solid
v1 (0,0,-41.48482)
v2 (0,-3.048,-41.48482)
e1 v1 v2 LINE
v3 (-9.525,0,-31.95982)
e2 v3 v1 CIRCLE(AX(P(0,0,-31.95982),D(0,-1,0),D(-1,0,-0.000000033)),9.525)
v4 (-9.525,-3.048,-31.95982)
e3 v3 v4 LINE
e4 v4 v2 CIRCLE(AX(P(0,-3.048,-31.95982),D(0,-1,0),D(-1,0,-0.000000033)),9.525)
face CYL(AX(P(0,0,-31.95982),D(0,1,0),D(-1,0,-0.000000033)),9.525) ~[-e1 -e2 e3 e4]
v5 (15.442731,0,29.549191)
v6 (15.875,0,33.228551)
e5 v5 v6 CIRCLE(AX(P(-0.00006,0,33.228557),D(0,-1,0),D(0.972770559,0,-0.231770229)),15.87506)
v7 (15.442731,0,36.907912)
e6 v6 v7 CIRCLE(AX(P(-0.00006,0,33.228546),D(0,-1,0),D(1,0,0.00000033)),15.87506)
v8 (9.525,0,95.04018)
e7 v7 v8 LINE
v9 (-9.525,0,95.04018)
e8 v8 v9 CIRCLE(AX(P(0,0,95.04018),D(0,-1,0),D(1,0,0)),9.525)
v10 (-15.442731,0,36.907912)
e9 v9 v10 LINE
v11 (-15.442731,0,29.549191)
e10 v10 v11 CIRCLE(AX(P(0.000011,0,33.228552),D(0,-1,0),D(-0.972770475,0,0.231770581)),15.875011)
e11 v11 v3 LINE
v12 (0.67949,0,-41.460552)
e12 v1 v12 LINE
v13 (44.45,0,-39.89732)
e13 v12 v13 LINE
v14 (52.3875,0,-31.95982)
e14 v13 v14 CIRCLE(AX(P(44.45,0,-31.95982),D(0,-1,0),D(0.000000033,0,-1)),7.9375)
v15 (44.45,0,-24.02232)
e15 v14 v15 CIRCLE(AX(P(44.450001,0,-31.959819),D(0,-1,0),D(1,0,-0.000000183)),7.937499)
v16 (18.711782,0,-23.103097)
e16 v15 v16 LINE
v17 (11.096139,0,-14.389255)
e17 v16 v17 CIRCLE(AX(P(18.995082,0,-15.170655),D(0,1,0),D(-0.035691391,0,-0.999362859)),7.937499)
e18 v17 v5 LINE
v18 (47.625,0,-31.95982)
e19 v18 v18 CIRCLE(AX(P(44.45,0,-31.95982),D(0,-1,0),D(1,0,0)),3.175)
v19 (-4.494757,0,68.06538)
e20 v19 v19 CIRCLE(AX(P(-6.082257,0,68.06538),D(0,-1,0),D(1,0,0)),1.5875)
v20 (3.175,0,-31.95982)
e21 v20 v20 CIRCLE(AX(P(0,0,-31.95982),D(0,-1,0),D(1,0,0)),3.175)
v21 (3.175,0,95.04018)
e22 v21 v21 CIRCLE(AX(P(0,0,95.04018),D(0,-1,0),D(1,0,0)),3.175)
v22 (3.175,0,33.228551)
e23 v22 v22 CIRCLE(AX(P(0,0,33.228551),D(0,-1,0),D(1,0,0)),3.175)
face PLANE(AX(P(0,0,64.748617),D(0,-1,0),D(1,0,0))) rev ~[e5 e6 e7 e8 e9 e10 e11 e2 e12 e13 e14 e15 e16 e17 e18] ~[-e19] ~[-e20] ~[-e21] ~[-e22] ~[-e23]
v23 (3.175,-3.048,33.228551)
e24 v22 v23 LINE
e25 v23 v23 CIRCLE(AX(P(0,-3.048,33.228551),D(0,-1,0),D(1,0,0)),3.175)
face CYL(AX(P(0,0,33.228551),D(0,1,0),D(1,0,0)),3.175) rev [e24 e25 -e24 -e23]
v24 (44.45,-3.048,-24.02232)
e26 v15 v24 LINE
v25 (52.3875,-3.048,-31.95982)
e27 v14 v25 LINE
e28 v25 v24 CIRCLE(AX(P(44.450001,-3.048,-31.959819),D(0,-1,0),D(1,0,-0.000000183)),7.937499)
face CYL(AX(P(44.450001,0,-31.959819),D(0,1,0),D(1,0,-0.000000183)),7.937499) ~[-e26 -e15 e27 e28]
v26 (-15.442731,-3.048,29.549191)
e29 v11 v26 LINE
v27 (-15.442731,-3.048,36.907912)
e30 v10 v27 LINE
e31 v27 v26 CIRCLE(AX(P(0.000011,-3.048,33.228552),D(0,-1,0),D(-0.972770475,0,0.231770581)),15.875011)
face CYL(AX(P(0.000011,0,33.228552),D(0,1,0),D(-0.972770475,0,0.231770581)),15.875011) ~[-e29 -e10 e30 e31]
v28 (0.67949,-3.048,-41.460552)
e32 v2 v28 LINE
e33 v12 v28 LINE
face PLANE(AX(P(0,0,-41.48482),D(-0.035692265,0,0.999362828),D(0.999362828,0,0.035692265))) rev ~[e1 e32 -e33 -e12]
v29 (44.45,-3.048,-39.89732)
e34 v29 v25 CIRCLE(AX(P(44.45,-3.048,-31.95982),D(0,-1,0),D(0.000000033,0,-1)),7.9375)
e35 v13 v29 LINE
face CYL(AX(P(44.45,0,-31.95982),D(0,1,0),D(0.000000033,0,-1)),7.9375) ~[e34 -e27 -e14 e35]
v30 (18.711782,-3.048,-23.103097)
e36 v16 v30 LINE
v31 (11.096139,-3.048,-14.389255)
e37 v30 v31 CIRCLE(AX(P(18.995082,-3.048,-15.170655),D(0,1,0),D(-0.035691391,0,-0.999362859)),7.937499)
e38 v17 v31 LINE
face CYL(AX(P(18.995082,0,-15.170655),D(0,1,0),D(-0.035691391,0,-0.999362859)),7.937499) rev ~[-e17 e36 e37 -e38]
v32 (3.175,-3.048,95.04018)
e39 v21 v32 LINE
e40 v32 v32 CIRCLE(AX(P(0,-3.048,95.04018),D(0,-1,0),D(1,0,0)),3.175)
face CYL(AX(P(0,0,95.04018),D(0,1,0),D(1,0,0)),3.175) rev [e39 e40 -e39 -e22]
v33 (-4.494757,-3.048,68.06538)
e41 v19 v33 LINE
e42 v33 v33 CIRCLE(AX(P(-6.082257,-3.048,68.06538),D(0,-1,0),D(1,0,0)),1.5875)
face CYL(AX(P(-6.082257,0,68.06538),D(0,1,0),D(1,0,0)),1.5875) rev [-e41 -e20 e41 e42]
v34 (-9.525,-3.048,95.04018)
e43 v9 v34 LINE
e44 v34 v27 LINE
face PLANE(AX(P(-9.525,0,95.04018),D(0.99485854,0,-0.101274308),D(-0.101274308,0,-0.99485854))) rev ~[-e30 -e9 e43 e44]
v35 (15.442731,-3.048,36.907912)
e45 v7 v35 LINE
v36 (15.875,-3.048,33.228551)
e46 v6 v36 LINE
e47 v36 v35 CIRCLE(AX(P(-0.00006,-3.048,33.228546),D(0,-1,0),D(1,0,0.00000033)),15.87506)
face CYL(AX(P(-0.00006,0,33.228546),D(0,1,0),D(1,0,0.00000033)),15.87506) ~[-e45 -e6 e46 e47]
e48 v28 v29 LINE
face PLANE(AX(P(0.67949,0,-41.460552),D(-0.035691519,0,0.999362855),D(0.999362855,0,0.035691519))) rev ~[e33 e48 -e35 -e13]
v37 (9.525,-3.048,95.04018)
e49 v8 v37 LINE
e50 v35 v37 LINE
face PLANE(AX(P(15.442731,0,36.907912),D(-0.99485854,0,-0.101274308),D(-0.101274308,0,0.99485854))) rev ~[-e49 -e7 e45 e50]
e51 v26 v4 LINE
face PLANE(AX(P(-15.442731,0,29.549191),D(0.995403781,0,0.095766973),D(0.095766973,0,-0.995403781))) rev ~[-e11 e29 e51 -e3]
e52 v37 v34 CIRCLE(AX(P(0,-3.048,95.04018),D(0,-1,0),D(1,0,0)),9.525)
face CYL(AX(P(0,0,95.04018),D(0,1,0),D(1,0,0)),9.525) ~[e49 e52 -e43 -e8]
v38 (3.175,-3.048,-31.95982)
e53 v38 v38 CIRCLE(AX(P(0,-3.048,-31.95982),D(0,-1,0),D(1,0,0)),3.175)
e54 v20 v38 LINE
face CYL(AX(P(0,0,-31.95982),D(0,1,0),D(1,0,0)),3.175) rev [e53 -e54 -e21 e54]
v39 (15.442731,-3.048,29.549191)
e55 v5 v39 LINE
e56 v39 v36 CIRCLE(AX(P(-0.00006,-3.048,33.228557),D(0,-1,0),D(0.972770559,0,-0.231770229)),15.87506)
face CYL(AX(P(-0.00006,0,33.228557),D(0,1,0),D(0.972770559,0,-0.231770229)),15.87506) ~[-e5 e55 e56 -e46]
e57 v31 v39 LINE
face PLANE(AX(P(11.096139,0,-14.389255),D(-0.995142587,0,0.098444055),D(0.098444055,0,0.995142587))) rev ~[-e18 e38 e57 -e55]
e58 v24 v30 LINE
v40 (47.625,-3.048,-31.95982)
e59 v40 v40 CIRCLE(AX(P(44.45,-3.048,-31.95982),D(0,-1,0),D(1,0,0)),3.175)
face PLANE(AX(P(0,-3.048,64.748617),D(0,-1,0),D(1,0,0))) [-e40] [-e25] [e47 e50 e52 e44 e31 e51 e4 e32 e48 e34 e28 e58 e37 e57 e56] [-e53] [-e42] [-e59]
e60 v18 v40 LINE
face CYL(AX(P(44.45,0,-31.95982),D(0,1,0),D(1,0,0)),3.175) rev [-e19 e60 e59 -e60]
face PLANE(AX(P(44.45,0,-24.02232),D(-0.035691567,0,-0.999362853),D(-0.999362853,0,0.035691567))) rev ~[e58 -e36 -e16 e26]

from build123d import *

# Parameters (mm, degrees)
F0_R     = 1.5875
F0_R_2   = 3.175
F1_DEPTH = 3.048


with BuildPart() as f1:
    # F0 (on Front) → F1 (new body)
    with BuildSketch(Plane.XZ):
        with BuildLine():
            Line((15.442731, 36.907912), (9.525, 95.04018))
            ThreePointArc((9.525, 95.04018), (0, 85.51518), (-9.525, 95.04018))
            Line((-9.525, 95.04018), (-15.442731, 36.907912))
            ThreePointArc((-15.442731, 36.907912), (0, 49.103551), (15.442731, 36.907912))
        make_face()
        with Locations((-6.082257, 68.06538)):
            Circle(F0_R, mode=Mode.SUBTRACT)
        with BuildLine():
            ThreePointArc((-9.525, 95.04018), (0, 85.51518), (9.525, 95.04018))
            ThreePointArc((9.525, 95.04018), (0, 104.56518), (-9.525, 95.04018))
        make_face()
        with Locations((0, 95.04018)):
            Circle(F0_R_2, mode=Mode.SUBTRACT)
        with BuildLine():
            ThreePointArc((15.875, 33.228551), (15.766562, 35.080885), (15.442731, 36.907912))
            ThreePointArc((15.442731, 36.907912), (0, 49.103551), (-15.442731, 36.907912))
            ThreePointArc((-15.442731, 36.907912), (-15.875, 33.228551), (-15.442731, 29.549191))
            ThreePointArc((-15.442731, 29.549191), (0, 17.353551), (15.442731, 29.549191))
            ThreePointArc((15.442731, 29.549191), (15.766562, 31.376218), (15.875, 33.228551))
        make_face()
        with Locations((0, 33.228551)):
            Circle(F0_R_2, mode=Mode.SUBTRACT)
        with BuildLine():
            ThreePointArc((9.525, -31.95982), (0, -22.43482), (-9.525, -31.95982))
            ThreePointArc((-9.525, -31.95982), (-6.735192, -38.695012), (0, -41.48482))
            Line((0, -41.48482), (0.67949, -41.460552))
            ThreePointArc((0.67949, -41.460552), (6.97129, -38.450331), (9.525, -31.95982))
        make_face()
        with Locations((0, -31.95982)):
            Circle(F0_R_2, mode=Mode.SUBTRACT)
        with BuildLine():
            ThreePointArc((52.3875, -31.95982), (50.06266, -26.347159), (44.45, -24.02232))
            ThreePointArc((44.45, -24.02232), (36.5125, -31.95982), (44.45, -39.89732))
            ThreePointArc((44.45, -39.89732), (50.06266, -37.57248), (52.3875, -31.95982))
        make_face()
        with Locations((44.45, -31.95982)):
            Circle(F0_R_2, mode=Mode.SUBTRACT)
        with BuildLine():
            ThreePointArc((15.442731, 29.549191), (0, 17.353551), (-15.442731, 29.549191))
            Line((-15.442731, 29.549191), (-9.525, -31.95982))
            ThreePointArc((-9.525, -31.95982), (0, -22.43482), (9.525, -31.95982))
            ThreePointArc((9.525, -31.95982), (6.97129, -38.450331), (0.67949, -41.460552))
            Line((0.67949, -41.460552), (44.45, -39.89732))
            ThreePointArc((44.45, -39.89732), (36.5125, -31.95982), (44.45, -24.02232))
            Line((44.45, -24.02232), (18.711782, -23.103097))
            ThreePointArc((18.711782, -23.103097), (13.018458, -20.39405), (11.096139, -14.389255))
            Line((11.096139, -14.389255), (15.442731, 29.549191))
        make_face()
    extrude(amount=F1_DEPTH)


solid = f1.part
